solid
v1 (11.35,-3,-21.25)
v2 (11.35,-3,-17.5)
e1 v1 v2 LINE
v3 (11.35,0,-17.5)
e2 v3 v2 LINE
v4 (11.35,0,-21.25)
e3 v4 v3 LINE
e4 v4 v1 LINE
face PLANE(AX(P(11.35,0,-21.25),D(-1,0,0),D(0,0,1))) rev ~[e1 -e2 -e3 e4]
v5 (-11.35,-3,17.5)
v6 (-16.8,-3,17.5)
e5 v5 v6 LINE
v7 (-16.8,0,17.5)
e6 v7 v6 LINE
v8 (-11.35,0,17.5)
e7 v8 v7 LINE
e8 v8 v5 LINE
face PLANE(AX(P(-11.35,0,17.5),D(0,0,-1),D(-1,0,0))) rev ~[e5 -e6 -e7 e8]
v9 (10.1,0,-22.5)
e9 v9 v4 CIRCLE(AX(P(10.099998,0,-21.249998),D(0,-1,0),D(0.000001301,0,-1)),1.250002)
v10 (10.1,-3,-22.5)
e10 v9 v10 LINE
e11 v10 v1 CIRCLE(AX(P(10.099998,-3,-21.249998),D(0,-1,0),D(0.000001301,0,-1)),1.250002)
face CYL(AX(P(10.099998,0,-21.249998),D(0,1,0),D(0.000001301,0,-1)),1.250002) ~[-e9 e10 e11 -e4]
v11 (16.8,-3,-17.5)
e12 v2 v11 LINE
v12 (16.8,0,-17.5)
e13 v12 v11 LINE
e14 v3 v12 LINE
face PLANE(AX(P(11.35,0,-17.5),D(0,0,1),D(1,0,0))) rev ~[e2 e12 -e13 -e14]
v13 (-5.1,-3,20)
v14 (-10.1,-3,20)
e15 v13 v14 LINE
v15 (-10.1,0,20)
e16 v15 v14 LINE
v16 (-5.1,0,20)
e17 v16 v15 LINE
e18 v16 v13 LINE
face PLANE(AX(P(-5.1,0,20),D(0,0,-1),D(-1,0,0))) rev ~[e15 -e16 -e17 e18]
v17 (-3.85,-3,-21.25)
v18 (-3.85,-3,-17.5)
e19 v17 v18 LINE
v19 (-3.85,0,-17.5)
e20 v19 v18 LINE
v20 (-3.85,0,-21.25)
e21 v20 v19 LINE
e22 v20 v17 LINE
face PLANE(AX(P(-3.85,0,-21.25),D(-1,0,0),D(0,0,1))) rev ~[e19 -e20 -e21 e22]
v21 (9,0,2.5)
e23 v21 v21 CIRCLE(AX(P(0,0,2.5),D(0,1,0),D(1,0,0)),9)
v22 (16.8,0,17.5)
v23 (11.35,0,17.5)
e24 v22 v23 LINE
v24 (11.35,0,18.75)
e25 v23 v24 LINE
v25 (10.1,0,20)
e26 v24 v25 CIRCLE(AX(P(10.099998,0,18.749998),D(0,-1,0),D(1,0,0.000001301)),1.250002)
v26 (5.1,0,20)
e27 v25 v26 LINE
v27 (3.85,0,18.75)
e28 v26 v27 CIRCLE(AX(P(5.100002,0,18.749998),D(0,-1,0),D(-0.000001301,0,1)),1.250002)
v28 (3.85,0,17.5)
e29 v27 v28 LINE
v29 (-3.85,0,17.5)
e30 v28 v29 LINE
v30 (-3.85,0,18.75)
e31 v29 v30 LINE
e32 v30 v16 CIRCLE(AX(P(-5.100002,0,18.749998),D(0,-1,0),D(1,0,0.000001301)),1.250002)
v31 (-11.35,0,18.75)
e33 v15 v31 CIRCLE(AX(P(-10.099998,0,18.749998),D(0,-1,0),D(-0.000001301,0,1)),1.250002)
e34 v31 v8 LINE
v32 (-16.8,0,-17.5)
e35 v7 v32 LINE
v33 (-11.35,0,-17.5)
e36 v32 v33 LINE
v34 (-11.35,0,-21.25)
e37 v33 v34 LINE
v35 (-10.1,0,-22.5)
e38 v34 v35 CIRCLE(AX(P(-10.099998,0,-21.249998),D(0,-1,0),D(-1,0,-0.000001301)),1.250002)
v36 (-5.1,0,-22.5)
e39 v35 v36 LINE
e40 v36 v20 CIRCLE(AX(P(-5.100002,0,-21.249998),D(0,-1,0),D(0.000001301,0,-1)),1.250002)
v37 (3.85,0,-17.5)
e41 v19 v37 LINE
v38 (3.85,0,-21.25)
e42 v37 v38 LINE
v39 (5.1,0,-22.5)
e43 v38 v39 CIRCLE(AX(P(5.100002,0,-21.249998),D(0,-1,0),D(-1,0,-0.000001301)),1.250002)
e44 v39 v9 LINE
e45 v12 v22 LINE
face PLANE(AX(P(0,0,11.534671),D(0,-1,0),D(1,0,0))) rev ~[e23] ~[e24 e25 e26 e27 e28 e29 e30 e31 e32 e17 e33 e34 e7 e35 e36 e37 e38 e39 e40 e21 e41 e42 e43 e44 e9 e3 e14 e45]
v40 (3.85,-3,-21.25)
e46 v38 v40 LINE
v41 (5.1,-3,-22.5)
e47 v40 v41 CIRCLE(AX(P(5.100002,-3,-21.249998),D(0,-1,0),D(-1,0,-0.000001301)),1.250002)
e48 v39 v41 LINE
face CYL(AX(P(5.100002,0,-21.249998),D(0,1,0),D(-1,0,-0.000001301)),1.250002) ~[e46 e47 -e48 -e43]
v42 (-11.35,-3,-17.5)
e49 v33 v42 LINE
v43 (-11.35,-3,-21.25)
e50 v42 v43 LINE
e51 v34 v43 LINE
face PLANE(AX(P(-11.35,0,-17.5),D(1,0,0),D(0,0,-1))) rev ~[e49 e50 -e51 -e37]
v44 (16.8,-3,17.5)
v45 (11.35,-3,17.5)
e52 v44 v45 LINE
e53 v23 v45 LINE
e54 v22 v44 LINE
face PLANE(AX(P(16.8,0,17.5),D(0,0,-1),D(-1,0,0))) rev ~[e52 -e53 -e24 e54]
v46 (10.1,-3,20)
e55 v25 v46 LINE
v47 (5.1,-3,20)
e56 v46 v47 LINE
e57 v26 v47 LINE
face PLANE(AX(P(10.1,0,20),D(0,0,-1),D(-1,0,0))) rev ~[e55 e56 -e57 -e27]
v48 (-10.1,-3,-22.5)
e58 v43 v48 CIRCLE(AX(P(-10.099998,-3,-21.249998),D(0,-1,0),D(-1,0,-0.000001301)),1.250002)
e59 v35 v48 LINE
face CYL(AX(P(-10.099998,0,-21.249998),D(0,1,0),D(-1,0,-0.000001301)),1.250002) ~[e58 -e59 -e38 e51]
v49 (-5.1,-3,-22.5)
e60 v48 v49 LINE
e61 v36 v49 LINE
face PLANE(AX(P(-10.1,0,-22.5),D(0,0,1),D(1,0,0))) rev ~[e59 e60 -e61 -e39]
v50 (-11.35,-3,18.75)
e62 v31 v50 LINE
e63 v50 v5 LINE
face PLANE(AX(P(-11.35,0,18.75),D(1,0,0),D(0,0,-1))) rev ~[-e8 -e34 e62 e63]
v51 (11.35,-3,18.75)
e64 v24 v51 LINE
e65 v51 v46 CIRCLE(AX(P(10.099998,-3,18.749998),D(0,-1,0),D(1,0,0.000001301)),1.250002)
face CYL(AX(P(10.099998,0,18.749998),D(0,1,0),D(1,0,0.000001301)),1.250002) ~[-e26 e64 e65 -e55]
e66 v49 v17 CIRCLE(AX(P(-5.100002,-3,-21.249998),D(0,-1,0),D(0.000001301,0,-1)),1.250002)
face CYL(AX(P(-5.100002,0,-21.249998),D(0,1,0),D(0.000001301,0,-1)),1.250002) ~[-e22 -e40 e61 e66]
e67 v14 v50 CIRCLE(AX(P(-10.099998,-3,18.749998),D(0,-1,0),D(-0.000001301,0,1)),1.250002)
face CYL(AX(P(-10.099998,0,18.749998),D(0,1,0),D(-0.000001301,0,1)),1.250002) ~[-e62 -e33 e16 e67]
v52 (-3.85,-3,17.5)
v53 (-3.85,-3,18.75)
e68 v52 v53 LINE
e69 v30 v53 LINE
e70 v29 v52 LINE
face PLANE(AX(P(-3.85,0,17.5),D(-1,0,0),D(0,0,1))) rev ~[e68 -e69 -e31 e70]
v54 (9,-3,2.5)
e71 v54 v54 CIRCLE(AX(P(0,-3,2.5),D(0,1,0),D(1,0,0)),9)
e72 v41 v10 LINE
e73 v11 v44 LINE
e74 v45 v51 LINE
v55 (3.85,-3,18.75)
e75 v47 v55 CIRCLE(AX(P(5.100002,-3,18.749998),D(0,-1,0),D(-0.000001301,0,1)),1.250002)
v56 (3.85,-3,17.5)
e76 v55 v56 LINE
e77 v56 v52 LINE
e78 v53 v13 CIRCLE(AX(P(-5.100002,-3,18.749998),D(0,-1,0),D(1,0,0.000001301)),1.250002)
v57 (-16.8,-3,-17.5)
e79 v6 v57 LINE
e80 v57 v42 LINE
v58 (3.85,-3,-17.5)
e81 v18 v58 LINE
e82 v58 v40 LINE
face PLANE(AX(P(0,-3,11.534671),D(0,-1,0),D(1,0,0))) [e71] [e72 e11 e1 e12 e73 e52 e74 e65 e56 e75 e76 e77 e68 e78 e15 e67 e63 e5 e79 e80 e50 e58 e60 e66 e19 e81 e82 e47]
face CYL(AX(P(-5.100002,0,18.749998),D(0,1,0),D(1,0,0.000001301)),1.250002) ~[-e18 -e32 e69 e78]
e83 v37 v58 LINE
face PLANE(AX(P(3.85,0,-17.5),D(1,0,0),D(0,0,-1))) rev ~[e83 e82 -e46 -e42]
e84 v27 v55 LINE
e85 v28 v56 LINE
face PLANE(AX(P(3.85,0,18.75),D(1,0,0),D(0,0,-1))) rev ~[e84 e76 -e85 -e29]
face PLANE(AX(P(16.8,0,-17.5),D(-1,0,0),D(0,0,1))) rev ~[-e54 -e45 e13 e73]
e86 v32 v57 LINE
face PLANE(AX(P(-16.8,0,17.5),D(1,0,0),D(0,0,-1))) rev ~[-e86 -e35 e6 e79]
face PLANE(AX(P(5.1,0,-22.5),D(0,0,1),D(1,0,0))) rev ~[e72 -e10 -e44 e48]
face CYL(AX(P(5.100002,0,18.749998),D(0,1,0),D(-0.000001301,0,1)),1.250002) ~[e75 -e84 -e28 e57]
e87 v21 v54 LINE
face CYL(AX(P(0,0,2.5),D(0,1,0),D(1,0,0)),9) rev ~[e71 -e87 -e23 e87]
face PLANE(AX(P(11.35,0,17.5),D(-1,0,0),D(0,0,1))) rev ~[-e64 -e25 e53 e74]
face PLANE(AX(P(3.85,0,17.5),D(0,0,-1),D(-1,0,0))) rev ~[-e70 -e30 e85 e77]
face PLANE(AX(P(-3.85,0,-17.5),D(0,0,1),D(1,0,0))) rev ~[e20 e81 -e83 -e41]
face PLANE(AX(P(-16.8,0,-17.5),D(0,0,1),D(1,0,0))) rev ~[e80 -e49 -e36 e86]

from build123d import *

# Parameters (mm, degrees)
F1_DEPTH = 3


with BuildPart() as f1:
    # F0 (on Front) → F1 (new body)
    with BuildSketch(Plane.XZ):
        with BuildLine():
            Line((-11.35, 17.5), (-16.8, 17.5))
            Line((-16.8, 17.5), (-16.8, 2.5))
            Line((-16.8, 2.5), (-9, 2.5))
            ThreePointArc((-9, 2.5), (0, 11.5), (9, 2.5))
            Line((9, 2.5), (16.8, 2.5))
            Line((16.8, 2.5), (16.8, 17.5))
            Line((16.8, 17.5), (11.35, 17.5))
            Line((11.35, 17.5), (11.35, 18.75))
            ThreePointArc((11.35, 18.75), (10.983883, 19.633883), (10.1, 20))
            Line((10.1, 20), (5.1, 20))
            ThreePointArc((5.1, 20), (4.216117, 19.633883), (3.85, 18.75))
            Line((3.85, 18.75), (3.85, 17.5))
            Line((3.85, 17.5), (-3.85, 17.5))
            Line((-3.85, 17.5), (-3.85, 18.75))
            ThreePointArc((-3.85, 18.75), (-4.216117, 19.633883), (-5.1, 20))
            Line((-5.1, 20), (-10.1, 20))
            ThreePointArc((-10.1, 20), (-10.983883, 19.633883), (-11.35, 18.75))
            Line((-11.35, 18.75), (-11.35, 17.5))
        make_face()
        with BuildLine():
            Line((-9, 2.5), (-16.8, 2.5))
            Line((-16.8, 2.5), (-16.8, -17.5))
            Line((-16.8, -17.5), (-11.35, -17.5))
            Line((-11.35, -17.5), (-11.35, -21.25))
            Line((-11.35, -21.25), (-3.85, -21.25))
            Line((-3.85, -21.25), (-3.85, -17.5))
            Line((-3.85, -17.5), (3.85, -17.5))
            Line((3.85, -17.5), (3.85, -21.25))
            Line((3.85, -21.25), (11.35, -21.25))
            Line((11.35, -21.25), (11.35, -17.5))
            Line((11.35, -17.5), (16.8, -17.5))
            Line((16.8, -17.5), (16.8, 2.5))
            Line((16.8, 2.5), (9, 2.5))
            ThreePointArc((9, 2.5), (0, -6.5), (-9, 2.5))
        make_face()
        with BuildLine():
            Line((-3.85, -21.25), (-11.35, -21.25))
            ThreePointArc((-11.35, -21.25), (-10.983883, -22.133883), (-10.1, -22.5))
            Line((-10.1, -22.5), (-5.1, -22.5))
            ThreePointArc((-5.1, -22.5), (-4.216117, -22.133883), (-3.85, -21.25))
        make_face()
        with BuildLine():
            ThreePointArc((10.1, -22.5), (10.983883, -22.133883), (11.35, -21.25))
            Line((11.35, -21.25), (3.85, -21.25))
            ThreePointArc((3.85, -21.25), (4.216117, -22.133883), (5.1, -22.5))
            Line((5.1, -22.5), (10.1, -22.5))
        make_face()
    extrude(amount=F1_DEPTH)


solid = f1.part
